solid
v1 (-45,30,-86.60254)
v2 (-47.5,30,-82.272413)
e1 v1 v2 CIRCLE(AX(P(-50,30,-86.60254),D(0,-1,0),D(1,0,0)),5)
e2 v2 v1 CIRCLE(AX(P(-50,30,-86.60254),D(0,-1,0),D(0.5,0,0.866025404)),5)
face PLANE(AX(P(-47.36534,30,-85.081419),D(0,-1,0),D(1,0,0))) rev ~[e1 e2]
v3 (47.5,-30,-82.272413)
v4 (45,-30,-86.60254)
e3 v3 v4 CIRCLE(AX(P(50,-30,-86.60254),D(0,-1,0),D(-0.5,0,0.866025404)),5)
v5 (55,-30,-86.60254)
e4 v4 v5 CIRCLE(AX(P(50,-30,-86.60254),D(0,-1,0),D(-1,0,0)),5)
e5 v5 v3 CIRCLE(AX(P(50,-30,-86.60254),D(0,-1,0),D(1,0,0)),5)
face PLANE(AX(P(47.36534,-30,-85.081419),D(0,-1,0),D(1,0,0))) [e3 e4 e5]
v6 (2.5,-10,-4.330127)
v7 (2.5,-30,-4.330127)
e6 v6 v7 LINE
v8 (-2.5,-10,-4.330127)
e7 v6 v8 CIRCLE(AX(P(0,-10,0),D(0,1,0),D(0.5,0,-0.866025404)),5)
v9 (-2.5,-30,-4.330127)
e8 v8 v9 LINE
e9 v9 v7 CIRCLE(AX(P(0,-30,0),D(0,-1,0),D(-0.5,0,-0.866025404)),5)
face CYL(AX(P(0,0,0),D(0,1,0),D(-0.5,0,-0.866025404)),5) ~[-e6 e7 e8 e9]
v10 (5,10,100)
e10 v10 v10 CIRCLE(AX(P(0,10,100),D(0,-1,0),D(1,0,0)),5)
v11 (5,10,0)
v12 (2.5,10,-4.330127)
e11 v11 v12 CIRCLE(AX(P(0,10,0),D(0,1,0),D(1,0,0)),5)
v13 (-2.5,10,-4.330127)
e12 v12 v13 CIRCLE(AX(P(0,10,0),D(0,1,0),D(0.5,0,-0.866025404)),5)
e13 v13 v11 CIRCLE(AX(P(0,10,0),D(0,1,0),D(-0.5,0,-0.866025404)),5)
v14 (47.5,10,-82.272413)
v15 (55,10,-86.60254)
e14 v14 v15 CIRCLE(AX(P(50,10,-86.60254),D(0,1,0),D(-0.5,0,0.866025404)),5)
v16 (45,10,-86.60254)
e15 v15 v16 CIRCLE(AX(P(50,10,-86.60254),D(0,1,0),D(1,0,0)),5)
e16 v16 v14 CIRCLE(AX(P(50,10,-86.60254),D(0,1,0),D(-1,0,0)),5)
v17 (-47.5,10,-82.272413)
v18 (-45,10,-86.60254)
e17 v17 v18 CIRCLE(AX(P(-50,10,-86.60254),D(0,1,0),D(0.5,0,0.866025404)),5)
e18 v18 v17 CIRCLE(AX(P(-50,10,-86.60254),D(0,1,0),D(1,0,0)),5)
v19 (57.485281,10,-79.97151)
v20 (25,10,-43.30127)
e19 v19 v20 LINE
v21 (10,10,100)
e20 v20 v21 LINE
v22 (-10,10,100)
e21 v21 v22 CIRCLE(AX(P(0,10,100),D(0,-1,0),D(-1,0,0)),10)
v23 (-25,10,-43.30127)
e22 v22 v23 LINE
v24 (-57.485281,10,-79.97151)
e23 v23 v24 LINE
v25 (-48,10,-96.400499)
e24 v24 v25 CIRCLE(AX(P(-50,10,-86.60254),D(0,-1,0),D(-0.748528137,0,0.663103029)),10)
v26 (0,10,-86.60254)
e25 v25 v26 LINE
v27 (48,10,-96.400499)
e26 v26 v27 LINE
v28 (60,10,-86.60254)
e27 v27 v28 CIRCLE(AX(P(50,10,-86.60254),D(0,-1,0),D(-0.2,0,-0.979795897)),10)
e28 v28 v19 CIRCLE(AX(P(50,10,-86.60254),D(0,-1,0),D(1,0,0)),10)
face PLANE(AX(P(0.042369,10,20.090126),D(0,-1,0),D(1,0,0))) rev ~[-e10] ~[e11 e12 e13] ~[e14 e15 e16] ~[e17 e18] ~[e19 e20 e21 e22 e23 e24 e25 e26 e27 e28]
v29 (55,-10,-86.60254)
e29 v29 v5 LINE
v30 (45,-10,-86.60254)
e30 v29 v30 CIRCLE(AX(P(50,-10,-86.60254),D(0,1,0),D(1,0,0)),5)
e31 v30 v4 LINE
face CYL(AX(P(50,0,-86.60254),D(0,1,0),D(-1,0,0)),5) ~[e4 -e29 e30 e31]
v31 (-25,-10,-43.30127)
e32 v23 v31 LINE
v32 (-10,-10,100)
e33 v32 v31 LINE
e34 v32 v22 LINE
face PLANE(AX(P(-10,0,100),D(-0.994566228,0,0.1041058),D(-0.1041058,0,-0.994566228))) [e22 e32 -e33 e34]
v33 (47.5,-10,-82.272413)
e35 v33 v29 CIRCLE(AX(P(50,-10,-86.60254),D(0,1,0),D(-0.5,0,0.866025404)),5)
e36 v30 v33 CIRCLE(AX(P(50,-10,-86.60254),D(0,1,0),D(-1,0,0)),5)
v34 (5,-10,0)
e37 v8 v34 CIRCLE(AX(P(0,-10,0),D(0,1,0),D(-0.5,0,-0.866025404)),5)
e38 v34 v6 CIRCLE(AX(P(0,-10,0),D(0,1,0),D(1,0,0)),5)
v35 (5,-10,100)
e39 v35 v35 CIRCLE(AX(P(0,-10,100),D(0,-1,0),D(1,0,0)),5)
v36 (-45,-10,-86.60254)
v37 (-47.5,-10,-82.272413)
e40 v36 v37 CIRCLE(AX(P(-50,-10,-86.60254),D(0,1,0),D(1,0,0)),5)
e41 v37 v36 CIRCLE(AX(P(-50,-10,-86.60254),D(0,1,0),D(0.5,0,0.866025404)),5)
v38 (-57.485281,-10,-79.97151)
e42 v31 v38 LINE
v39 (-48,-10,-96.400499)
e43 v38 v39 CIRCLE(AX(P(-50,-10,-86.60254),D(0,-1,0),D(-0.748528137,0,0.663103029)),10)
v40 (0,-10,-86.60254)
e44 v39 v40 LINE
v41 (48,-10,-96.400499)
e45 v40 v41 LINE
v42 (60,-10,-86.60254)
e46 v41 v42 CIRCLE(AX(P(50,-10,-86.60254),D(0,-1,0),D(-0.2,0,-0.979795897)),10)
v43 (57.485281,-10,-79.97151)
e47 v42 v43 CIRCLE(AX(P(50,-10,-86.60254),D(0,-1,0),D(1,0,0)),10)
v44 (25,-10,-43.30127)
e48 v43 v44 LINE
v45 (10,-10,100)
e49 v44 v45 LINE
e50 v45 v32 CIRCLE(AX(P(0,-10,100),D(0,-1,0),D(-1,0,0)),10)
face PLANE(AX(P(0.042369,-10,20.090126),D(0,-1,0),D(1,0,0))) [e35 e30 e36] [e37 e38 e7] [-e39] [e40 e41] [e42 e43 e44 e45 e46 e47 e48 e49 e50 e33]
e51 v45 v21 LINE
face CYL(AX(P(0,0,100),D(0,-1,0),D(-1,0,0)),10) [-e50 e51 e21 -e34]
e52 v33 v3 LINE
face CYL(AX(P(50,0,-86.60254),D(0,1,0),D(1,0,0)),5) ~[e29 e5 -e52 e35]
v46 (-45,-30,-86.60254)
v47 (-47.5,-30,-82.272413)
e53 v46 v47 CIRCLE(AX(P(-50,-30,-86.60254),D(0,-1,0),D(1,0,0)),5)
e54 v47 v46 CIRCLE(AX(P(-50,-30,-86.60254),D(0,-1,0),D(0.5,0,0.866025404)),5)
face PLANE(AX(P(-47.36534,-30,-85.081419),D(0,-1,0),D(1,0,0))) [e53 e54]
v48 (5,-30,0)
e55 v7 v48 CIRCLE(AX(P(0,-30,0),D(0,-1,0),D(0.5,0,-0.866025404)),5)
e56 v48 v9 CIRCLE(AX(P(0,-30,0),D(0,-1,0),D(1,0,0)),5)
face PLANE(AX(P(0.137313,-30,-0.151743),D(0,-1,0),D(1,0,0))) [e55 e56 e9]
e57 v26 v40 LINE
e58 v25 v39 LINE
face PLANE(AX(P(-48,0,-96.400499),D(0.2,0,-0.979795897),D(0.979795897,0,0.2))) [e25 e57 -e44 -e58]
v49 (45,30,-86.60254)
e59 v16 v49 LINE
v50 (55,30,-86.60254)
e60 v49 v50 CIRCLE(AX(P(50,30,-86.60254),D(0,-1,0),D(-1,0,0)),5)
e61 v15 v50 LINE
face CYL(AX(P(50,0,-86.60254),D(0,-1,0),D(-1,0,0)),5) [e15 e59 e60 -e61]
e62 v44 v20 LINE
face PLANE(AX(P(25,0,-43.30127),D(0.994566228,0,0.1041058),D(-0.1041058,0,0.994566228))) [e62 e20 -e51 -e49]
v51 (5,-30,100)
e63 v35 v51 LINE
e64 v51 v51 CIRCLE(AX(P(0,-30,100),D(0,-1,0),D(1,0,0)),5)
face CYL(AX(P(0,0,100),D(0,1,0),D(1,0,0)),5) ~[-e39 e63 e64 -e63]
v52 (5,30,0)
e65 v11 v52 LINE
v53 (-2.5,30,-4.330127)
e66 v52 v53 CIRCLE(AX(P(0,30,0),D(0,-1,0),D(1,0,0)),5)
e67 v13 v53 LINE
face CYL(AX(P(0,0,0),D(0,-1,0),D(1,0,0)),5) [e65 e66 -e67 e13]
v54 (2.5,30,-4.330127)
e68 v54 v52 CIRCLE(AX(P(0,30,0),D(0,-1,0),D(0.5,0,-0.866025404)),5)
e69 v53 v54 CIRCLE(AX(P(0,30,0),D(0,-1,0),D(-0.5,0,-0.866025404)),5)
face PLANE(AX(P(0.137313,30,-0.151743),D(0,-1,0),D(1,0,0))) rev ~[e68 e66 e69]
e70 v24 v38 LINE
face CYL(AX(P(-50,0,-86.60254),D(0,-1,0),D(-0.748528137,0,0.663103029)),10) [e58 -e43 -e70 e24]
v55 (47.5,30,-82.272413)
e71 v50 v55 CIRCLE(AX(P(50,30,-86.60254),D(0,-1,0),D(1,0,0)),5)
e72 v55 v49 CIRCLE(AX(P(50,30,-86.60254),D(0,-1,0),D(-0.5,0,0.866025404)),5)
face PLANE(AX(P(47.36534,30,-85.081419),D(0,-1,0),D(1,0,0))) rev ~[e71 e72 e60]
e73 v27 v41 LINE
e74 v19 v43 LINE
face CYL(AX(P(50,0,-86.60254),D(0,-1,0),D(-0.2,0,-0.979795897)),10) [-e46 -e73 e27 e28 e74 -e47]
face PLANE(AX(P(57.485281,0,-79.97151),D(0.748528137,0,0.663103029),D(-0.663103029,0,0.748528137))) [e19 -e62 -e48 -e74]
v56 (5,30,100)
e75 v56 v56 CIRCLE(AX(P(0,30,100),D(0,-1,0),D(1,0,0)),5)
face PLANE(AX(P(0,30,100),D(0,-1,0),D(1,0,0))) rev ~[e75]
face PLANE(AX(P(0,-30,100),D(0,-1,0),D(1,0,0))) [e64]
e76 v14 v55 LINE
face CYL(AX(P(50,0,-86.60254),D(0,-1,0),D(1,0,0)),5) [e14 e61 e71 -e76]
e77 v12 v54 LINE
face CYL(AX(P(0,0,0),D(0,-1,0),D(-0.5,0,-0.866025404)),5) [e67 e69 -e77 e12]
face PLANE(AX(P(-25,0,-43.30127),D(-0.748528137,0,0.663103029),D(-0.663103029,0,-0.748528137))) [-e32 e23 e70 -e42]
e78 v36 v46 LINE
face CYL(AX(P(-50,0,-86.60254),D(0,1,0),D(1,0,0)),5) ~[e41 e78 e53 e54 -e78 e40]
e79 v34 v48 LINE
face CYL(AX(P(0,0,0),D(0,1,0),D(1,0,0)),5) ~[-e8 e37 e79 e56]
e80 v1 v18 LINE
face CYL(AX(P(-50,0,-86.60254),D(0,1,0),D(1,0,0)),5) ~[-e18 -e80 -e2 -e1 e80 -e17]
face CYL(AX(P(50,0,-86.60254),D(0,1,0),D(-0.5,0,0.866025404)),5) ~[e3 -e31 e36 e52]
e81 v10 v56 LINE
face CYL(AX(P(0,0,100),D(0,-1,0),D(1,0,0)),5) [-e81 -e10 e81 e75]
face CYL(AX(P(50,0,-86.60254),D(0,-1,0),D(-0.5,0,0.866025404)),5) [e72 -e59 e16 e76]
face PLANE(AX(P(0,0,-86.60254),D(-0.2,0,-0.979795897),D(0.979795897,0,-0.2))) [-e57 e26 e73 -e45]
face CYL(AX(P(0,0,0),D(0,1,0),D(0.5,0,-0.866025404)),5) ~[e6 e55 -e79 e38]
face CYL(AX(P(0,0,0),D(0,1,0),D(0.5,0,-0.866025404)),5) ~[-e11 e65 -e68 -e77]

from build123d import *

# Parameters (mm, degrees)
F0_R     = 5
F1_DEPTH = 10
F2_DEPTH = 30


with BuildPart() as f1:
    # F0 (on Front) → F1 (new body, symmetric)
    with BuildSketch(Plane.XZ):
        with BuildLine():
            Line((-25, -43.3012701892), (-5, -8.6602540378))
            ThreePointArc((-5, -8.6602540378), (-5, 8.6602540378), (10, 0))
            ThreePointArc((10, 0), (8.6602540378, -5), (5, -8.6602540378))
            Line((5, -8.6602540378), (25, -43.3012701892))
            Line((25, -43.3012701892), (10, 100))
            ThreePointArc((10, 100), (0, 90), (-10, 100))
            Line((-10, 100), (-25, -43.3012701892))
        make_face()
        with BuildLine():
            Line((47.5, -82.2724133595), (45, -77.9422863406))
            ThreePointArc((45, -77.9422863406), (41.3397459622, -81.6025403784), (40, -86.6025403784))
            Line((40, -86.6025403784), (45, -86.6025403784))
            ThreePointArc((45, -86.6025403784), (45.6698729811, -84.1025403784), (47.5, -82.2724133595))
        make_face()
        with BuildLine():
            Line((-5, -8.6602540378), (-2.5, -4.3301270189))
            ThreePointArc((-2.5, -4.3301270189), (-2.5, 4.3301270189), (5, 0))
            ThreePointArc((5, 0), (4.3301270189, -2.5), (2.5, -4.3301270189))
            Line((2.5, -4.3301270189), (5, -8.6602540378))
            ThreePointArc((5, -8.6602540378), (8.6602540378, -5), (10, 0))
            ThreePointArc((10, 0), (-5, 8.6602540378), (-5, -8.6602540378))
        make_face()
        with BuildLine():
            Line((-45, -77.9422863406), (-25, -43.3012701892))
            Line((-25, -43.3012701892), (-57.4852813742, -79.9715100853))
            ThreePointArc((-57.4852813742, -79.9715100853), (-51.6042422288, -76.7320587858), (-45, -77.9422863406))
        make_face()
        with BuildLine():
            ThreePointArc((57.4852813742, -79.9715100853), (51.6042422288, -76.7320587858), (45, -77.9422863406))
            Line((45, -77.9422863406), (47.5, -82.2724133595))
            ThreePointArc((47.5, -82.2724133595), (52.5, -82.2724133595), (55, -86.6025403784))
            ThreePointArc((55, -86.6025403784), (50, -91.6025403784), (45, -86.6025403784))
            Line((45, -86.6025403784), (40, -86.6025403784))
            ThreePointArc((40, -86.6025403784), (42.2540333076, -92.9270956988), (48, -96.4004993496))
            ThreePointArc((48, -96.4004993496), (56.3245553203, -94.3485070709), (60, -86.6025403784))
            ThreePointArc((60, -86.6025403784), (59.3502089213, -83.0566141061), (57.4852813742, -79.9715100853))
        make_face()
        with BuildLine():
            ThreePointArc((-40, -86.6025403784), (-41.3397459622, -81.6025403784), (-45, -77.9422863406))
            Line((-45, -77.9422863406), (-47.5, -82.2724133595))
            ThreePointArc((-47.5, -82.2724133595), (-45.6698729811, -84.1025403784), (-45, -86.6025403784))
            Line((-45, -86.6025403784), (-40, -86.6025403784))
        make_face()
        with BuildLine():
            Line((0, -86.6025403784), (-40, -86.6025403784))
            ThreePointArc((-40, -86.6025403784), (-42.2540333076, -92.9270956988), (-48, -96.4004993496))
            Line((-48, -96.4004993496), (0, -86.6025403784))
        make_face()
        with BuildLine():
            ThreePointArc((48, -96.4004993496), (42.2540333076, -92.9270956988), (40, -86.6025403784))
            Line((40, -86.6025403784), (0, -86.6025403784))
            Line((0, -86.6025403784), (48, -96.4004993496))
        make_face()
        with BuildLine():
            Line((57.4852813742, -79.9715100853), (25, -43.3012701892))
            Line((25, -43.3012701892), (45, -77.9422863406))
            ThreePointArc((45, -77.9422863406), (51.6042422288, -76.7320587858), (57.4852813742, -79.9715100853))
        make_face()
        with BuildLine():
            ThreePointArc((10, 100), (0, 110), (-10, 100))
            ThreePointArc((-10, 100), (0, 90), (10, 100))
        make_face()
        with Locations((0, 100)):
            Circle(F0_R, mode=Mode.SUBTRACT)
        with BuildLine():
            Line((-47.5, -82.2724133595), (-45, -77.9422863406))
            ThreePointArc((-45, -77.9422863406), (-51.6042422288, -76.7320587858), (-57.4852813742, -79.9715100853))
            ThreePointArc((-57.4852813742, -79.9715100853), (-58.6602540378, -91.6025403784), (-48, -96.4004993496))
            ThreePointArc((-48, -96.4004993496), (-42.2540333076, -92.9270956988), (-40, -86.6025403784))
            Line((-40, -86.6025403784), (-45, -86.6025403784))
            ThreePointArc((-45, -86.6025403784), (-54.3301270189, -89.1025403784), (-47.5, -82.2724133595))
        make_face()
        with BuildLine():
            ThreePointArc((5, -8.6602540378), (0, -10), (-5, -8.6602540378))
            Line((-5, -8.6602540378), (-25, -43.3012701892))
            Line((-25, -43.3012701892), (-45, -77.9422863406))
            ThreePointArc((-45, -77.9422863406), (-41.3397459622, -81.6025403784), (-40, -86.6025403784))
            Line((-40, -86.6025403784), (0, -86.6025403784))
            Line((0, -86.6025403784), (40, -86.6025403784))
            ThreePointArc((40, -86.6025403784), (41.3397459622, -81.6025403784), (45, -77.9422863406))
            Line((45, -77.9422863406), (25, -43.3012701892))
            Line((25, -43.3012701892), (5, -8.6602540378))
        make_face()
        with BuildLine():
            ThreePointArc((2.5, -4.3301270189), (0, -5), (-2.5, -4.3301270189))
            Line((-2.5, -4.3301270189), (-5, -8.6602540378))
            ThreePointArc((-5, -8.6602540378), (0, -10), (5, -8.6602540378))
            Line((5, -8.6602540378), (2.5, -4.3301270189))
        make_face()
    extrude(amount=F1_DEPTH, both=True)

    # F0 (on Front) → F2 (join, symmetric)
    with BuildSketch(Plane.XZ):
        with Locations((0, 100)):
            Circle(F0_R)
        with BuildLine():
            Line((-2.5, -4.3301270189), (0, 0))
            Line((0, 0), (2.5, -4.3301270189))
            ThreePointArc((2.5, -4.3301270189), (4.3301270189, -2.5), (5, 0))
            ThreePointArc((5, 0), (-2.5, 4.3301270189), (-2.5, -4.3301270189))
        make_face()
        with BuildLine():
            Line((2.5, -4.3301270189), (0, 0))
            Line((0, 0), (-2.5, -4.3301270189))
            ThreePointArc((-2.5, -4.3301270189), (0, -5), (2.5, -4.3301270189))
        make_face()
        with BuildLine():
            ThreePointArc((-45, -86.6025403784), (-45.6698729811, -84.1025403784), (-47.5, -82.2724133595))
            Line((-47.5, -82.2724133595), (-50, -86.6025403784))
            Line((-50, -86.6025403784), (-45, -86.6025403784))
        make_face()
        with BuildLine():
            Line((-50, -86.6025403784), (-47.5, -82.2724133595))
            ThreePointArc((-47.5, -82.2724133595), (-54.3301270189, -89.1025403784), (-45, -86.6025403784))
            Line((-45, -86.6025403784), (-50, -86.6025403784))
        make_face()
        with BuildLine():
            Line((50, -86.6025403784), (47.5, -82.2724133595))
            ThreePointArc((47.5, -82.2724133595), (45.6698729811, -84.1025403784), (45, -86.6025403784))
            Line((45, -86.6025403784), (50, -86.6025403784))
        make_face()
        with BuildLine():
            ThreePointArc((55, -86.6025403784), (52.5, -82.2724133595), (47.5, -82.2724133595))
            Line((47.5, -82.2724133595), (50, -86.6025403784))
            Line((50, -86.6025403784), (45, -86.6025403784))
            ThreePointArc((45, -86.6025403784), (50, -91.6025403784), (55, -86.6025403784))
        make_face()
    extrude(amount=F2_DEPTH, both=True)


solid = f1.part
